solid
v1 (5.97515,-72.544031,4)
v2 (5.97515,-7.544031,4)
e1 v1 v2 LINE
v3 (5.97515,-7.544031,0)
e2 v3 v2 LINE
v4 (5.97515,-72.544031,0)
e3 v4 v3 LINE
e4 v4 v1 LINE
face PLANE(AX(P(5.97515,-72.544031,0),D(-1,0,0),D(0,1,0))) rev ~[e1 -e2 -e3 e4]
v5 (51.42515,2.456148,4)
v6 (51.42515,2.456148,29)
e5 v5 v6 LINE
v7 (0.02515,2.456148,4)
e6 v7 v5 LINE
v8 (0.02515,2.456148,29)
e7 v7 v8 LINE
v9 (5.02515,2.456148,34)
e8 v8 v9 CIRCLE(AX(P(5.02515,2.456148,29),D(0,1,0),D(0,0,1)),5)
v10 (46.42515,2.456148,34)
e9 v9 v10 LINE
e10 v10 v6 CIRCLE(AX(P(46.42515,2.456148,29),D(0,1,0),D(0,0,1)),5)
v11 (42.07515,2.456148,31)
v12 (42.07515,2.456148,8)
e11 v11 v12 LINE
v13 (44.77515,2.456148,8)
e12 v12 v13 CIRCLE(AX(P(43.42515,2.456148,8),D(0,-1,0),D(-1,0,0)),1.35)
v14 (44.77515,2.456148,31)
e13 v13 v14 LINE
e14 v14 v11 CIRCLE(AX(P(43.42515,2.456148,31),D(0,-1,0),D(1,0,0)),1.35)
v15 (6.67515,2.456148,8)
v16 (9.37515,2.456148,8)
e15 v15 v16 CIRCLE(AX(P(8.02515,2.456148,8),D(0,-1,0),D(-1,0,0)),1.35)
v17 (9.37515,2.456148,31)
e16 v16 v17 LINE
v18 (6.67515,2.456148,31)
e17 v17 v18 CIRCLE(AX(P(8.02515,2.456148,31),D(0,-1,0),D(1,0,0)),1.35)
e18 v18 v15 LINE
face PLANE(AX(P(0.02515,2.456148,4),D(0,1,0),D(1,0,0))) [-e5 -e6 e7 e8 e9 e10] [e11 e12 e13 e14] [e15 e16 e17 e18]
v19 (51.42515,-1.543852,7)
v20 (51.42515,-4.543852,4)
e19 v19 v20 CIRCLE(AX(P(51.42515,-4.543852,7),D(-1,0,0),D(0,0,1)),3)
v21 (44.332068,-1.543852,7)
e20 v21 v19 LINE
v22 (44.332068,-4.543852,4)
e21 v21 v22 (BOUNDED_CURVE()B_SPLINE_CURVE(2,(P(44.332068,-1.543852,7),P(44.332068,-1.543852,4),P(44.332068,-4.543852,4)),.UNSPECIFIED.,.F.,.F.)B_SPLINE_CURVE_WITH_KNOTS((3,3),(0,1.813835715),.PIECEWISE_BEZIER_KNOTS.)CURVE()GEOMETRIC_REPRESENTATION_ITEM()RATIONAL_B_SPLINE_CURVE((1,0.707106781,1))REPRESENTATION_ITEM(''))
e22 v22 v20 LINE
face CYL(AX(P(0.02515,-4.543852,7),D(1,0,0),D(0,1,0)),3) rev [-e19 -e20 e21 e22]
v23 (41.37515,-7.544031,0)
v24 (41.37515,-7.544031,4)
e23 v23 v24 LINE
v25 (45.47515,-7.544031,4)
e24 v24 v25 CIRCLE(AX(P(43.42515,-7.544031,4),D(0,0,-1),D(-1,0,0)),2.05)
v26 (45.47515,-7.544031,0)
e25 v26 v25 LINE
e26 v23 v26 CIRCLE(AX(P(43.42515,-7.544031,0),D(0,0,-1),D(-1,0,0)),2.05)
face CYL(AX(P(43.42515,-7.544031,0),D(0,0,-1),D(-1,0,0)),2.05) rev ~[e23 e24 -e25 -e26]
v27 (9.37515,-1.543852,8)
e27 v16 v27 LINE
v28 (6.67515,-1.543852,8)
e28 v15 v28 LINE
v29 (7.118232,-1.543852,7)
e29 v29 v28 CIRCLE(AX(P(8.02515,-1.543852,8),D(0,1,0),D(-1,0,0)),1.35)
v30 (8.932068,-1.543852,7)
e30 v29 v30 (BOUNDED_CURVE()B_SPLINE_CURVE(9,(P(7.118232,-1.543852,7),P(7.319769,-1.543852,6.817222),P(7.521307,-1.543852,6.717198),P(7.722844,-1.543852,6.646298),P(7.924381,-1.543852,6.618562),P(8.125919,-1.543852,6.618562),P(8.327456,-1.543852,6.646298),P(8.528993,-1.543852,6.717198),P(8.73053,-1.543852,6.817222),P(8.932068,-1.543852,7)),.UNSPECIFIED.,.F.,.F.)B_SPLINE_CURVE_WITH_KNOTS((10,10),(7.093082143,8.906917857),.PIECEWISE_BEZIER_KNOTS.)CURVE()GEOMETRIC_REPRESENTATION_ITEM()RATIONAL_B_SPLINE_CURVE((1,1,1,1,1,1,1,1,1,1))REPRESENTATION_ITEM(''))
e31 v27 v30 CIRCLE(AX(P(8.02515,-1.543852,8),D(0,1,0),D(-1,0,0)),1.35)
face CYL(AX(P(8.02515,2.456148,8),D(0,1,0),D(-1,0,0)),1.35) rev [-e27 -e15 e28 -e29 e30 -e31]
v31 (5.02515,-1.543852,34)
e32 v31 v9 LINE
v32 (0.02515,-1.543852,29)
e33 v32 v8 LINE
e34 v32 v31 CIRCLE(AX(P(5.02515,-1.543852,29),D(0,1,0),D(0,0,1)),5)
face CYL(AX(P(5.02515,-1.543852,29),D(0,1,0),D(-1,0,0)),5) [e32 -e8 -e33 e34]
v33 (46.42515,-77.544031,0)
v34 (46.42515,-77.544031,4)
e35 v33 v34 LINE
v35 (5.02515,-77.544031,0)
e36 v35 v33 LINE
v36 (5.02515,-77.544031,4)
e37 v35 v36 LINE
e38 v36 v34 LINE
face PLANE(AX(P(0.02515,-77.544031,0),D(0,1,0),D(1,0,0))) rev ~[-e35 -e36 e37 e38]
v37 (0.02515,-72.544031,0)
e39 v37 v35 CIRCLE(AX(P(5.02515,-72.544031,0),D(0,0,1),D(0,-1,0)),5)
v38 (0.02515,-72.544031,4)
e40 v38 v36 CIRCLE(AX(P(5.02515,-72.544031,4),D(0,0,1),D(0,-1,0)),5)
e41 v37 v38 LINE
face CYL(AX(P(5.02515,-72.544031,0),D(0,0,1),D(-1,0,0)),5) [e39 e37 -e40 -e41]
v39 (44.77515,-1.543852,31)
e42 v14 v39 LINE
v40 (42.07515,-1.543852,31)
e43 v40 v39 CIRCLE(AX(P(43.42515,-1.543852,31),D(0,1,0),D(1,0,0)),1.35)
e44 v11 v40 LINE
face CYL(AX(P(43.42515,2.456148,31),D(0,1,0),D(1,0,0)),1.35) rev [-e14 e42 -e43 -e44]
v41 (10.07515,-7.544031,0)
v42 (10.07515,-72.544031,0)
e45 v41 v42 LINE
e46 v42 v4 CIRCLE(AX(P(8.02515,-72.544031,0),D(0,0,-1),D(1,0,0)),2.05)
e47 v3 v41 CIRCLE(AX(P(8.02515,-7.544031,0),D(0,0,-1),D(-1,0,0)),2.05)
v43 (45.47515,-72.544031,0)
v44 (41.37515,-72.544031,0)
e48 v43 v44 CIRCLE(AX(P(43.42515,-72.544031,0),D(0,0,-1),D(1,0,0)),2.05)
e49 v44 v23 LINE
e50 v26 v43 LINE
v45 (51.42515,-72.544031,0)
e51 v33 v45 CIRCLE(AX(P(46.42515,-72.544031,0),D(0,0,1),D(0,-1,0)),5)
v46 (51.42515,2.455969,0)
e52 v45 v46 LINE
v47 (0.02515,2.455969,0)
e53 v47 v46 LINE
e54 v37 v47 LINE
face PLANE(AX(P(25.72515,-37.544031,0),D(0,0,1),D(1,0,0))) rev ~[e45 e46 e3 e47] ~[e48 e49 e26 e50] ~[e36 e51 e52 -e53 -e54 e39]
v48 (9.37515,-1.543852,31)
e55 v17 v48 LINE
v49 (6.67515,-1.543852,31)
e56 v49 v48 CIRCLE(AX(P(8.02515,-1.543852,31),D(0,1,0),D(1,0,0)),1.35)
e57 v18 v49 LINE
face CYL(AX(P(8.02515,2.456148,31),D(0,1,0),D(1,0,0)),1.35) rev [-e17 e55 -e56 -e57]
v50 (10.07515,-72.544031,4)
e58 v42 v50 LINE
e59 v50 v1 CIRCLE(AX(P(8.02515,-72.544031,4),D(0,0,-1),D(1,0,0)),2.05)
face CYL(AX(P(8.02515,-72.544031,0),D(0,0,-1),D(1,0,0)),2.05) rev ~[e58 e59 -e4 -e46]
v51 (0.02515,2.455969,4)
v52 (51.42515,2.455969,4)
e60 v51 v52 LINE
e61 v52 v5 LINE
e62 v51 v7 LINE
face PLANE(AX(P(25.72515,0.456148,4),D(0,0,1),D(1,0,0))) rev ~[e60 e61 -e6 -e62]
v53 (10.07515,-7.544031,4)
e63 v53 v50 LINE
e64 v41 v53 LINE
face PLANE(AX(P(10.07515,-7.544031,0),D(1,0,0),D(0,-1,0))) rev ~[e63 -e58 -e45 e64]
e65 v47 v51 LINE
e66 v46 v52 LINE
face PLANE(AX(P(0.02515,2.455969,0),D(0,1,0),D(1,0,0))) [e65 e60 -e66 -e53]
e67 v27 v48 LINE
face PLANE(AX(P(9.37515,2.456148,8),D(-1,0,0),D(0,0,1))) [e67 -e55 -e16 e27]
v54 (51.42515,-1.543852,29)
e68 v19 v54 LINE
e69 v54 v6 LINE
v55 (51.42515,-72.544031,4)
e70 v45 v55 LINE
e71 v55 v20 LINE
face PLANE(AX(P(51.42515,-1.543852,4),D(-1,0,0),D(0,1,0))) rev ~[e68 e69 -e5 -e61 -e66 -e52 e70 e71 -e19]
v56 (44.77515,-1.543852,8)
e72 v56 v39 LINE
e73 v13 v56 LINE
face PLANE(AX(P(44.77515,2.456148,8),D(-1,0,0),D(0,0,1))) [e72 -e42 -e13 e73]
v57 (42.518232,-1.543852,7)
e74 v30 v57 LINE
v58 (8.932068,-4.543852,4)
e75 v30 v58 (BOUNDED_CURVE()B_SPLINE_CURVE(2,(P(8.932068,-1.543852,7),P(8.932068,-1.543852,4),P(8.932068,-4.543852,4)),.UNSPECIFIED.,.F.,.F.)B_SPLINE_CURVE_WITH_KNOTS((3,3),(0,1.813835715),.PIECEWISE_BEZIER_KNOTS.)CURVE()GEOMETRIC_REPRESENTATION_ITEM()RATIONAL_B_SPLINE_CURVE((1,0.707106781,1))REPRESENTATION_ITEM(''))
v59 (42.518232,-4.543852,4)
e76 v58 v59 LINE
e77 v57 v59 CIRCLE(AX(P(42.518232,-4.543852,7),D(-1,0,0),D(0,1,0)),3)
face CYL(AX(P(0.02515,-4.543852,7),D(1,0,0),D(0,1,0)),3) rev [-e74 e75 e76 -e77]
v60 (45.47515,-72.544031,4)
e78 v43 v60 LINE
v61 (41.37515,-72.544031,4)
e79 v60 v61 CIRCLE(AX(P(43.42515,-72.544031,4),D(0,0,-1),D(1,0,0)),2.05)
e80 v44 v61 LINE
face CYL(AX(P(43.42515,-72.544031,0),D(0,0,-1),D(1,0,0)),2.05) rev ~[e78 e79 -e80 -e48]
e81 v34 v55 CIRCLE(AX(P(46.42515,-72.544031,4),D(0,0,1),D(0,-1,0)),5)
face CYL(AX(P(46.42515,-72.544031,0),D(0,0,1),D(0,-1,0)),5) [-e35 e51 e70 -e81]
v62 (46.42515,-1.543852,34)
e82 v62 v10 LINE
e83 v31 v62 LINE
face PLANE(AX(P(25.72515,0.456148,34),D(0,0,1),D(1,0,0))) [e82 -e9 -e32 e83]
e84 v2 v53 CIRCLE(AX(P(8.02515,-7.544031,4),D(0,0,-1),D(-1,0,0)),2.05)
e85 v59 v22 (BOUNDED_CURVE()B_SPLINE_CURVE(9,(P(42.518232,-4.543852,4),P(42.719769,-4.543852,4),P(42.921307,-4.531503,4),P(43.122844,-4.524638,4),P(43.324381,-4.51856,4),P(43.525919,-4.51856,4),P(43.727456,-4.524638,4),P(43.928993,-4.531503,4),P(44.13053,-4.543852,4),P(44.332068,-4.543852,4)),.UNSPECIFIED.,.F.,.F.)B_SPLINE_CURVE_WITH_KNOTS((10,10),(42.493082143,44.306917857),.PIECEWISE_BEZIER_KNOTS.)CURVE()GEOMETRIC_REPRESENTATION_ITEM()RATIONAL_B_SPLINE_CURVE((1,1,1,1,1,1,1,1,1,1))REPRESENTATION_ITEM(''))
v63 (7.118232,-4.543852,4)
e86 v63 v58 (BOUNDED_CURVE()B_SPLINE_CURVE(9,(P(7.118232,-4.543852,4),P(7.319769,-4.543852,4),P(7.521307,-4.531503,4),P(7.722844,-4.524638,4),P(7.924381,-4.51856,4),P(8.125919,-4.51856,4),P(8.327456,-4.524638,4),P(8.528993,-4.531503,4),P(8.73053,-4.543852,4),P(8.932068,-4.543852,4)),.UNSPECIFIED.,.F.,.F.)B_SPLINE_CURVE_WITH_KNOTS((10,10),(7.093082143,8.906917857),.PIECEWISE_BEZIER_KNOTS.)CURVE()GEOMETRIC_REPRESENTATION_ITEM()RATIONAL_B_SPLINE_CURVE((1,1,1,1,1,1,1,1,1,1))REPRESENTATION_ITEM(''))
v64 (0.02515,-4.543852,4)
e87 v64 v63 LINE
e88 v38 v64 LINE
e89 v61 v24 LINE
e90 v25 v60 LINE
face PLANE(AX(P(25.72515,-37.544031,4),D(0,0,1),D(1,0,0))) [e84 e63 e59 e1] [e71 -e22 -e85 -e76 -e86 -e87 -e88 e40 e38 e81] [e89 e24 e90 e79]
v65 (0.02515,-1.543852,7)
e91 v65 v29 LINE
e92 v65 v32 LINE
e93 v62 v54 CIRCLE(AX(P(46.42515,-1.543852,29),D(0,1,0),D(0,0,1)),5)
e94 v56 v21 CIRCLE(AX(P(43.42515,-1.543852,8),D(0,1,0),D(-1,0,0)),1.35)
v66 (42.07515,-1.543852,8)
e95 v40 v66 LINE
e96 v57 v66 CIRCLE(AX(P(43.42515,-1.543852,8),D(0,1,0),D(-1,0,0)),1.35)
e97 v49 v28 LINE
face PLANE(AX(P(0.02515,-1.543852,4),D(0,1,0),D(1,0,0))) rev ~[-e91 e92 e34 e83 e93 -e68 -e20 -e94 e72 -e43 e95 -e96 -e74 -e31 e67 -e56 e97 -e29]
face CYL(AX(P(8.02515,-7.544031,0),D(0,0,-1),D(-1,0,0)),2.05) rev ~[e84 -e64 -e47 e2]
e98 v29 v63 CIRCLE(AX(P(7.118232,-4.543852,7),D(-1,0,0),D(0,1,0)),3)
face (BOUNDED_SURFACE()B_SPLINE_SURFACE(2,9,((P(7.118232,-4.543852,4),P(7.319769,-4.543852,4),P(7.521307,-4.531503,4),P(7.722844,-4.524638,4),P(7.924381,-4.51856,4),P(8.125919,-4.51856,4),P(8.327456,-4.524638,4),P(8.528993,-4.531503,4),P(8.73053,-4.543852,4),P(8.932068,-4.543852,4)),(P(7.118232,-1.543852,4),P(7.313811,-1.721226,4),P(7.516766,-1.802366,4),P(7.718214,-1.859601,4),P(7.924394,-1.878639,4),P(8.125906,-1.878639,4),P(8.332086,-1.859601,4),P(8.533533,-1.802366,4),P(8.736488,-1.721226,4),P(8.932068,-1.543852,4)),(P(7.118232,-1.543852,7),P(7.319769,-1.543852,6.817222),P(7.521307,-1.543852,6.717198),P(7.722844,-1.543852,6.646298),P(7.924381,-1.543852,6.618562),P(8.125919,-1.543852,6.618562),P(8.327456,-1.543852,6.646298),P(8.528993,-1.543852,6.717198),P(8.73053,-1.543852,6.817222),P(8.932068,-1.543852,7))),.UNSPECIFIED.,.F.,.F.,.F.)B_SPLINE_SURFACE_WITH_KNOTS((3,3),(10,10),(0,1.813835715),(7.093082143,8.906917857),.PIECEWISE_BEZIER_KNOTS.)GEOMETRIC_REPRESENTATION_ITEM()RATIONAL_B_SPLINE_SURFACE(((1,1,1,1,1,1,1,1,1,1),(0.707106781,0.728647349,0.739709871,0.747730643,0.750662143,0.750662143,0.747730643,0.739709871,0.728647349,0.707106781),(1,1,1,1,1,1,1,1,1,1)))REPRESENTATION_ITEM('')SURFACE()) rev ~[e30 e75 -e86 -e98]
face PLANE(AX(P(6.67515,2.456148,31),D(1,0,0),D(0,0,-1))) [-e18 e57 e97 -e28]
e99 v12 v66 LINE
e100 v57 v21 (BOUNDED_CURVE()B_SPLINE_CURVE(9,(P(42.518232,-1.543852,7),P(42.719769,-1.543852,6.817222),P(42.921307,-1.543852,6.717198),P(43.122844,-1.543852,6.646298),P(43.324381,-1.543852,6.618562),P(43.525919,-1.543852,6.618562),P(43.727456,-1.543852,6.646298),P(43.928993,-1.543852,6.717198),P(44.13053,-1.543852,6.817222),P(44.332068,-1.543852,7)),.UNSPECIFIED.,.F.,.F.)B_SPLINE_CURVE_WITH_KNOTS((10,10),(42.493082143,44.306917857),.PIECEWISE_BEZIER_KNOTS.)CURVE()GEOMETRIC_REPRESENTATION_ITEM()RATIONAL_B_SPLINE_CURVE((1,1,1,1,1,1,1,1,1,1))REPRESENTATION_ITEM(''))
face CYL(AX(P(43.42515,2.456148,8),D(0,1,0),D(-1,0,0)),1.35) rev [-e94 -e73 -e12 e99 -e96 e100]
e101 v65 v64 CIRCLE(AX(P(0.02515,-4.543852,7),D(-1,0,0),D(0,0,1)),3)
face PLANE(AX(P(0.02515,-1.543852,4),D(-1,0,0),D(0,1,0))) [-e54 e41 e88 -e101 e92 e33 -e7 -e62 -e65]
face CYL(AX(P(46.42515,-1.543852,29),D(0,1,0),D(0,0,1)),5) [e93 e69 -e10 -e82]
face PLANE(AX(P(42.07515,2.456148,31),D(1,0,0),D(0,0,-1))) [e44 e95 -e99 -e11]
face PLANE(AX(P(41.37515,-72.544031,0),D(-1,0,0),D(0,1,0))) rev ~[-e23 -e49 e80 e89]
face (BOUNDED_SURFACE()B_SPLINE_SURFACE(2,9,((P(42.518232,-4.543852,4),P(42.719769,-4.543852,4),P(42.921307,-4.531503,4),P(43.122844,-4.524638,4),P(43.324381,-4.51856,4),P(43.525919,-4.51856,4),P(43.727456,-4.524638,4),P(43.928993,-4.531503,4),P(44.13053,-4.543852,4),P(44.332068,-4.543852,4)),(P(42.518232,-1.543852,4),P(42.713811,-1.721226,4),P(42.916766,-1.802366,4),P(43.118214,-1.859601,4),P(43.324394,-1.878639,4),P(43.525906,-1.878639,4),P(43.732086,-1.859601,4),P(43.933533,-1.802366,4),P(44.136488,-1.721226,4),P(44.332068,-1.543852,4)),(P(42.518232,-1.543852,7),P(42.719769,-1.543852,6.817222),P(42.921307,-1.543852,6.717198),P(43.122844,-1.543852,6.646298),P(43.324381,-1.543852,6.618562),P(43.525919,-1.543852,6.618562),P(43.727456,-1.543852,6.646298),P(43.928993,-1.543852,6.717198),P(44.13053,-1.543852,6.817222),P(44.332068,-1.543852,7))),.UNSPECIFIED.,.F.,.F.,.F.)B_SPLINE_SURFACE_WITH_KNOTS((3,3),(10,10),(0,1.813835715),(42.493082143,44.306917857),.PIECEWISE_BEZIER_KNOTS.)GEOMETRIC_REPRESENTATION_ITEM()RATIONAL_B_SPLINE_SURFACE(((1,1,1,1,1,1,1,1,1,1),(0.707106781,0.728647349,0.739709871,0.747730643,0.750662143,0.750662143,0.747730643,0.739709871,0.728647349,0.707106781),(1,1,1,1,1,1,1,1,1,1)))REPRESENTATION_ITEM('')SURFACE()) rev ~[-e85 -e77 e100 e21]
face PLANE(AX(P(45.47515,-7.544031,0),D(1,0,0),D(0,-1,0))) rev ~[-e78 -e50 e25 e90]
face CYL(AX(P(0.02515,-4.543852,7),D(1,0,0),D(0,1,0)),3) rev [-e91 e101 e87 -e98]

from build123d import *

# Parameters (mm, degrees)
SKETCH2_W           = 51.4
SKETCH2_H           = 80
BOSS_EXTRUDE1_DEPTH = 4
SKETCH3_W           = 51.4
SKETCH3_H           = 4
BOSS_EXTRUDE2_DEPTH = 30
CUT_EXTRUDE1_DEPTH  = 101.997894739
FILLET1_R           = 5
FILLET2_R           = 3


with BuildPart() as part:
    # Sketch2 → Boss-Extrude1 (new body)
    with BuildSketch(Plane.XY):
        with Locations((25.725149861, -37.544031409)):
            Rectangle(SKETCH2_W, SKETCH2_H)
        with BuildLine():
            Line((10.075149861, -7.544031409), (10.075149861, -72.544031409))
            ThreePointArc((10.075149861, -72.544031409), (8.025149861, -74.594031409), (5.975149861, -72.544031409))
            Line((5.975149861, -72.544031409), (5.975149861, -7.544031409))
            ThreePointArc((5.975149861, -7.544031409), (8.025149861, -5.494031409), (10.075149861, -7.544031409))
        make_face(mode=Mode.SUBTRACT)
        with BuildLine():
            Line((41.375149861, -72.544031409), (41.375149861, -7.544031409))
            ThreePointArc((41.375149861, -7.544031409), (43.425149861, -5.494031409), (45.475149861, -7.544031409))
            Line((45.475149861, -7.544031409), (45.475149861, -72.544031409))
            ThreePointArc((45.475149861, -72.544031409), (43.425149861, -74.594031409), (41.375149861, -72.544031409))
        make_face(mode=Mode.SUBTRACT)
    extrude(amount=BOSS_EXTRUDE1_DEPTH)

    # Sketch3 → Boss-Extrude2 (add)
    with BuildSketch(Plane.XY.offset(4)):
        with Locations((25.725149861, 0.456147987)):
            Rectangle(SKETCH3_W, SKETCH3_H)
    extrude(amount=BOSS_EXTRUDE2_DEPTH)

    # Sketch4 → Cut-Extrude1 (cut, through all)
    with BuildSketch(Plane(origin=(0, 2.456147987, 0), x_dir=(1, 0, 0), z_dir=(0, 1, 0))):
        with BuildLine():
            Line((9.375149861, -8), (9.375149861, -31))
            ThreePointArc((9.375149861, -31), (8.025149861, -32.35), (6.675149861, -31))
            Line((6.675149861, -31), (6.675149861, -8))
            ThreePointArc((6.675149861, -8), (8.025149861, -6.65), (9.375149861, -8))
        make_face()
        with BuildLine():
            Line((42.075149861, -31), (42.075149861, -8))
            ThreePointArc((42.075149861, -8), (43.425149861, -6.65), (44.775149861, -8))
            Line((44.775149861, -8), (44.775149861, -31))
            ThreePointArc((44.775149861, -31), (43.425149861, -32.35), (42.075149861, -31))
        make_face()
    extrude(amount=-CUT_EXTRUDE1_DEPTH, mode=Mode.SUBTRACT)

    # Fillet1
    fillet1_edges = [part.edges().sort_by_distance(p)[0] for p in [
        (0.025149861, 0.456147987, 34),
        (51.425149861, 0.456147987, 34),
        (51.425149861, -77.544031409, 2),
        (0.025149861, -77.544031409, 2),
    ]]
    fillet(fillet1_edges, radius=FILLET1_R)

    # Fillet2
    fillet2_edges = [part.edges().sort_by_distance(p)[0] for p in [
        (25.725149861, -1.543852013, 4),
    ]]
    fillet(fillet2_edges, radius=FILLET2_R)


solid = part.part
